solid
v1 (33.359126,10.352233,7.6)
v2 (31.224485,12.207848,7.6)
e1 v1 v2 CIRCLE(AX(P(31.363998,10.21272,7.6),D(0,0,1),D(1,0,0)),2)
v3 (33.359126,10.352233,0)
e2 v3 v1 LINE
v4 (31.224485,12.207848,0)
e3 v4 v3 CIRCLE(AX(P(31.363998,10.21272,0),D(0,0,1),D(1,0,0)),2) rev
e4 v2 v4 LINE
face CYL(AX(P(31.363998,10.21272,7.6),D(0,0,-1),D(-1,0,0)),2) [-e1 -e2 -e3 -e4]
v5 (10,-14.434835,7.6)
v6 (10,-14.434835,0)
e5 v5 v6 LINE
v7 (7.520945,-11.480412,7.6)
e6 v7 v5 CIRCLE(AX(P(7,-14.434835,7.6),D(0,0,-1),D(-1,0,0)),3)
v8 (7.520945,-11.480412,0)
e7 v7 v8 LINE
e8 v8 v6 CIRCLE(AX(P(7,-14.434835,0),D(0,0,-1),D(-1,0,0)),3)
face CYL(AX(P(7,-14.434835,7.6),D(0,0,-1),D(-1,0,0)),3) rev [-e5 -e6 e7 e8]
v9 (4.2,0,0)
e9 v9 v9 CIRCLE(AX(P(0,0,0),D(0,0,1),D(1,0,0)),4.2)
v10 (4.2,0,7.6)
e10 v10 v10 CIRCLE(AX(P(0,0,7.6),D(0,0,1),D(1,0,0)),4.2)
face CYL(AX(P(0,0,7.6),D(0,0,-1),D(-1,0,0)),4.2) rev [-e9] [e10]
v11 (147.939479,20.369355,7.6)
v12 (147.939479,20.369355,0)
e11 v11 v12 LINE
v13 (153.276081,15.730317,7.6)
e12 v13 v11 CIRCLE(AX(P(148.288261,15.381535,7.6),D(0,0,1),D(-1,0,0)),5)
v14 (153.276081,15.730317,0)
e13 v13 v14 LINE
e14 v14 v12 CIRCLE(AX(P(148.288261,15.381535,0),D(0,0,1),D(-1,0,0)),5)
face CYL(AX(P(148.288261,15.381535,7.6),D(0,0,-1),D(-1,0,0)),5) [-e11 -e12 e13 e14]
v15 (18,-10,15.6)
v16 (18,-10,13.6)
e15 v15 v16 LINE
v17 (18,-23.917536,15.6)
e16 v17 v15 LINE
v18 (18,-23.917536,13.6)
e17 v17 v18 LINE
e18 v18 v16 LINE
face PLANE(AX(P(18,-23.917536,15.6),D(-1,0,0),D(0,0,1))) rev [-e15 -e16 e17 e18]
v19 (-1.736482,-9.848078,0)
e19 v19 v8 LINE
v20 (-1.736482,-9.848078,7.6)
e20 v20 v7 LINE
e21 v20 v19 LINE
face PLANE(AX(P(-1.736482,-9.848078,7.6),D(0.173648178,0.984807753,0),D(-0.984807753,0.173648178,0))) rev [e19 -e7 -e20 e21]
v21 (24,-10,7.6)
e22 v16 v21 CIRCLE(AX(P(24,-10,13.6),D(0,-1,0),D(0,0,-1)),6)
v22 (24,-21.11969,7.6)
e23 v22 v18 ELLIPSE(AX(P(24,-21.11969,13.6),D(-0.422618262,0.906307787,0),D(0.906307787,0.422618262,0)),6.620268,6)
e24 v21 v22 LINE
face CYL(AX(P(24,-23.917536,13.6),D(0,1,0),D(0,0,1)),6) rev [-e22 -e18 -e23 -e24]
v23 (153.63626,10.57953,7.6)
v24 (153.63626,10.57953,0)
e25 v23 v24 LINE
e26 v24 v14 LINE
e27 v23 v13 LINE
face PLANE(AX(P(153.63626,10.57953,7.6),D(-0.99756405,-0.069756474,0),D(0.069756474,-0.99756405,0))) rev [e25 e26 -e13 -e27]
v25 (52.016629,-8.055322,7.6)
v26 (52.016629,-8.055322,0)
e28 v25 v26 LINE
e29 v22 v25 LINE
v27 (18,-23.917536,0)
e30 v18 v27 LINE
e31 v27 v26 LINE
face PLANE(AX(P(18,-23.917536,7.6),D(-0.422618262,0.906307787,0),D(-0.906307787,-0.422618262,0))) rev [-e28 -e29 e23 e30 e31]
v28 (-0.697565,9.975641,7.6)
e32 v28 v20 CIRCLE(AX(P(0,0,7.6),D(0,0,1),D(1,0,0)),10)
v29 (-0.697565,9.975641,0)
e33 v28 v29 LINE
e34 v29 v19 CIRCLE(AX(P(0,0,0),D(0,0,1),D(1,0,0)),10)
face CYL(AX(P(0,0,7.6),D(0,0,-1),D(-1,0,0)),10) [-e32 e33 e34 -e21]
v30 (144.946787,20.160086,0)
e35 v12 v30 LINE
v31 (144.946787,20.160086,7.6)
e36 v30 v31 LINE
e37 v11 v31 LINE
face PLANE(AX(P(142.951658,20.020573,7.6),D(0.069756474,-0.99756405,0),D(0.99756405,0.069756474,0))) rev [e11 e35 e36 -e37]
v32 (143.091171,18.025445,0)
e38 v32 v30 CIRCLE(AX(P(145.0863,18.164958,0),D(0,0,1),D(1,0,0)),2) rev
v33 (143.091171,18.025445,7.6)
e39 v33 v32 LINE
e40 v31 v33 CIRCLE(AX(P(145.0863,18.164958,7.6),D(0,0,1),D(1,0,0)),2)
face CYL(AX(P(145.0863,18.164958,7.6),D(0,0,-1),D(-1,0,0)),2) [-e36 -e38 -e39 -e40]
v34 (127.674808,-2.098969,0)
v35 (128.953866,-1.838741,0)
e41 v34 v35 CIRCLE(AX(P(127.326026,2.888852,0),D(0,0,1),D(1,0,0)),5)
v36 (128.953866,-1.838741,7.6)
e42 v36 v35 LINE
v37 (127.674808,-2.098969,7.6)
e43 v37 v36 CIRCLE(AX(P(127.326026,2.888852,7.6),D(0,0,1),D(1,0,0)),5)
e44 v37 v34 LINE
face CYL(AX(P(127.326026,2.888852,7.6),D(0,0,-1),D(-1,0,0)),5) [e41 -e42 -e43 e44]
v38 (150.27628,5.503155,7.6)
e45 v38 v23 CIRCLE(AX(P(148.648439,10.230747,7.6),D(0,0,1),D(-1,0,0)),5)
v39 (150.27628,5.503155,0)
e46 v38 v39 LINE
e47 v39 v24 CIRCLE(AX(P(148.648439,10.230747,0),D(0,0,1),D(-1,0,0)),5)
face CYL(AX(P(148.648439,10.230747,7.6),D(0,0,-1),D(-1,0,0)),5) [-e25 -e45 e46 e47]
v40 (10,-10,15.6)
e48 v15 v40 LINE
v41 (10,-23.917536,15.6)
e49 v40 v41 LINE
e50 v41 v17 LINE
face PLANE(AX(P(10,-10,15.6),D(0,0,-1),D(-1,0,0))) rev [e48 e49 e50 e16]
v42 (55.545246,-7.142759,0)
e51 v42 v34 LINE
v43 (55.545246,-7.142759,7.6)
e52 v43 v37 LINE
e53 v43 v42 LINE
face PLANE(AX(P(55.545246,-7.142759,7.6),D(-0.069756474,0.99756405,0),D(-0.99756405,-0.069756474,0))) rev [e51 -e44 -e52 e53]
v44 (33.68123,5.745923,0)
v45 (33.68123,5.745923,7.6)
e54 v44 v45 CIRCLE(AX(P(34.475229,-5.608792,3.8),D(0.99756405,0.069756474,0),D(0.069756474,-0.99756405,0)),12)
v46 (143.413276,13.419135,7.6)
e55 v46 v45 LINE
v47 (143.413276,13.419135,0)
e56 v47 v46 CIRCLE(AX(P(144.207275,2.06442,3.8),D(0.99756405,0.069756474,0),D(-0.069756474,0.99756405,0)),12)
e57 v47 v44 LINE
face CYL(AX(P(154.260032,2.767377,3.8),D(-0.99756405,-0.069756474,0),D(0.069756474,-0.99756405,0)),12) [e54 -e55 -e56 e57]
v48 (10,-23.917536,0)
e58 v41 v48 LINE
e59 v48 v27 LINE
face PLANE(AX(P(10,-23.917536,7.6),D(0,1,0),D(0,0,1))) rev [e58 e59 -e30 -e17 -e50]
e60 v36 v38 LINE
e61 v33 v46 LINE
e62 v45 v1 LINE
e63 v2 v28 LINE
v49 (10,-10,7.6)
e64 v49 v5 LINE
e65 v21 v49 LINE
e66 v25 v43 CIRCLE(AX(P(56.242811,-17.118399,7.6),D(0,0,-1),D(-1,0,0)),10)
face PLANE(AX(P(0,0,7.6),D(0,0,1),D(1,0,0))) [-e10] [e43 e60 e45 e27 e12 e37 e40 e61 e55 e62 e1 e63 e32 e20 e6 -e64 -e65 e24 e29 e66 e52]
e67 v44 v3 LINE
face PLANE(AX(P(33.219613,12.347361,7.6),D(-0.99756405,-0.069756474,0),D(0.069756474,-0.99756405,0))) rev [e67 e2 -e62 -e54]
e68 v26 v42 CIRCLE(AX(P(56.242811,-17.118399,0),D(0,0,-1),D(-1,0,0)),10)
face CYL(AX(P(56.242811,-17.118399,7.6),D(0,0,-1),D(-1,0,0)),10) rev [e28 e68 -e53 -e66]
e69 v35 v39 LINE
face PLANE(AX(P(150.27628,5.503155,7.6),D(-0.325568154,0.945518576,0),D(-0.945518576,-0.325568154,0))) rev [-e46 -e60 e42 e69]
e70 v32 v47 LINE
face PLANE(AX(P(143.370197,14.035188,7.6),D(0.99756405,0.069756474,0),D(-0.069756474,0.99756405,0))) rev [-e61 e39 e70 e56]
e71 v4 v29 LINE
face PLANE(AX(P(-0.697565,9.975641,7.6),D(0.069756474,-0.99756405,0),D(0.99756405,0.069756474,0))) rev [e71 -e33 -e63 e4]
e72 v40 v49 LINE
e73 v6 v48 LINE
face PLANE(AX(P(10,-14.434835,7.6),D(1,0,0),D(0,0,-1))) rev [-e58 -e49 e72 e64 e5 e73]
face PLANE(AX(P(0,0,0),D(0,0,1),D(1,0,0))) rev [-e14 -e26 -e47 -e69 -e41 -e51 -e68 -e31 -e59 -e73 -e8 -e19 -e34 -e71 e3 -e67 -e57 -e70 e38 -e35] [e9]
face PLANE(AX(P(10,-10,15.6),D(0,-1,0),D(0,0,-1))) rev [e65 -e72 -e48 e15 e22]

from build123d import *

# Parameters (mm, degrees)
SKETCH1_R           = 4.2
BOSS_EXTRUDE1_DEPTH = 7.6
SKETCH2_W           = 8
SKETCH2_H           = 13.917535926
BOSS_EXTRUDE2_DEPTH = 8
FILLET1_R           = 6
CUT_EXTRUDE2_DEPTH  = 110
FILLET2_R           = 2


with BuildPart() as part:
    # Sketch1 → Boss-Extrude1 (new body)
    with BuildSketch(Plane.XY):
        with BuildLine():
            Line((-1.736481777, -9.84807753), (7.520944533, -11.48041156))
            ThreePointArc((7.520944533, -11.48041156), (9.298133329, -12.50647199), (10, -14.434834819))
            Line((10, -14.434834819), (10, -23.917535926))
            Line((10, -23.917535926), (18, -23.917535926))
            Line((18, -23.917535926), (52.016628597, -8.055321506))
            ThreePointArc((52.016628597, -8.055321506), (53.739011174, -7.436922973), (55.545246477, -7.142758874))
            Line((55.545246477, -7.142758874), (127.674807922, -2.098968595))
            ThreePointArc((127.674807922, -2.098968595), (128.322865225, -2.010771867), (128.953866326, -1.838741222))
            Line((128.953866326, -1.838741222), (150.276280032, 5.503154599))
            ThreePointArc((150.276280032, 5.503154599), (152.81786837, 7.47106255), (153.636259511, 10.579529846))
            Line((153.636259511, 10.579529846), (153.276081371, 15.730317208))
            ThreePointArc((153.276081371, 15.730317208), (151.568556265, 19.15508274), (147.939478751, 20.36935509))
            Line((147.939478751, 20.36935509), (142.9516585, 20.020572722))
            Line((142.9516585, 20.020572722), (143.370197342, 14.03518842))
            Line((143.370197342, 14.03518842), (33.638151814, 6.361976308))
            Line((33.638151814, 6.361976308), (33.219612971, 12.34736061))
            Line((33.219612971, 12.34736061), (-0.697564737, 9.975640503))
            ThreePointArc((-0.697564737, 9.975640503), (-9.986295348, 0.523359562), (-1.736481777, -9.84807753))
        make_face()
        Circle(SKETCH1_R, mode=Mode.SUBTRACT)
    extrude(amount=BOSS_EXTRUDE1_DEPTH)

    # Sketch2 → Boss-Extrude2 (add)
    with BuildSketch(Plane.XY.offset(7.6)):
        with Locations((14, -16.958767963)):
            Rectangle(SKETCH2_W, SKETCH2_H)
    extrude(amount=BOSS_EXTRUDE2_DEPTH)

    # Fillet1
    fillet1_edges = [part.edges().sort_by_distance(p)[0] for p in [
        (18, -16.958767963, 7.6),
    ]]
    fillet(fillet1_edges, radius=FILLET1_R)

    # Sketch6 → Cut-Extrude2 (cut)
    with BuildSketch(Plane(origin=(22.512095066, 165.472000606, 0), x_dir=(0, 0, -1), z_dir=(-0.99756405, -0.069756474, 0))):
        with BuildLine():
            Line((-7.6, 160.116112141), (-7.6, 153.498554761))
            Line((-7.6, 153.498554761), (0, 153.498554761))
            Line((0, 153.498554761), (0, 160.116112141))
            ThreePointArc((0, 160.116112141), (-3.8, 159.498554761), (-7.6, 160.116112141))
        make_face()
    extrude(amount=-CUT_EXTRUDE2_DEPTH, mode=Mode.SUBTRACT)

    # Fillet2
    fillet2_edges = [part.edges().sort_by_distance(p)[0] for p in [
        (33.219612971, 12.34736061, 3.8),
        (142.9516585, 20.020572722, 3.8),
    ]]
    fillet(fillet2_edges, radius=FILLET2_R)


solid = part.part
